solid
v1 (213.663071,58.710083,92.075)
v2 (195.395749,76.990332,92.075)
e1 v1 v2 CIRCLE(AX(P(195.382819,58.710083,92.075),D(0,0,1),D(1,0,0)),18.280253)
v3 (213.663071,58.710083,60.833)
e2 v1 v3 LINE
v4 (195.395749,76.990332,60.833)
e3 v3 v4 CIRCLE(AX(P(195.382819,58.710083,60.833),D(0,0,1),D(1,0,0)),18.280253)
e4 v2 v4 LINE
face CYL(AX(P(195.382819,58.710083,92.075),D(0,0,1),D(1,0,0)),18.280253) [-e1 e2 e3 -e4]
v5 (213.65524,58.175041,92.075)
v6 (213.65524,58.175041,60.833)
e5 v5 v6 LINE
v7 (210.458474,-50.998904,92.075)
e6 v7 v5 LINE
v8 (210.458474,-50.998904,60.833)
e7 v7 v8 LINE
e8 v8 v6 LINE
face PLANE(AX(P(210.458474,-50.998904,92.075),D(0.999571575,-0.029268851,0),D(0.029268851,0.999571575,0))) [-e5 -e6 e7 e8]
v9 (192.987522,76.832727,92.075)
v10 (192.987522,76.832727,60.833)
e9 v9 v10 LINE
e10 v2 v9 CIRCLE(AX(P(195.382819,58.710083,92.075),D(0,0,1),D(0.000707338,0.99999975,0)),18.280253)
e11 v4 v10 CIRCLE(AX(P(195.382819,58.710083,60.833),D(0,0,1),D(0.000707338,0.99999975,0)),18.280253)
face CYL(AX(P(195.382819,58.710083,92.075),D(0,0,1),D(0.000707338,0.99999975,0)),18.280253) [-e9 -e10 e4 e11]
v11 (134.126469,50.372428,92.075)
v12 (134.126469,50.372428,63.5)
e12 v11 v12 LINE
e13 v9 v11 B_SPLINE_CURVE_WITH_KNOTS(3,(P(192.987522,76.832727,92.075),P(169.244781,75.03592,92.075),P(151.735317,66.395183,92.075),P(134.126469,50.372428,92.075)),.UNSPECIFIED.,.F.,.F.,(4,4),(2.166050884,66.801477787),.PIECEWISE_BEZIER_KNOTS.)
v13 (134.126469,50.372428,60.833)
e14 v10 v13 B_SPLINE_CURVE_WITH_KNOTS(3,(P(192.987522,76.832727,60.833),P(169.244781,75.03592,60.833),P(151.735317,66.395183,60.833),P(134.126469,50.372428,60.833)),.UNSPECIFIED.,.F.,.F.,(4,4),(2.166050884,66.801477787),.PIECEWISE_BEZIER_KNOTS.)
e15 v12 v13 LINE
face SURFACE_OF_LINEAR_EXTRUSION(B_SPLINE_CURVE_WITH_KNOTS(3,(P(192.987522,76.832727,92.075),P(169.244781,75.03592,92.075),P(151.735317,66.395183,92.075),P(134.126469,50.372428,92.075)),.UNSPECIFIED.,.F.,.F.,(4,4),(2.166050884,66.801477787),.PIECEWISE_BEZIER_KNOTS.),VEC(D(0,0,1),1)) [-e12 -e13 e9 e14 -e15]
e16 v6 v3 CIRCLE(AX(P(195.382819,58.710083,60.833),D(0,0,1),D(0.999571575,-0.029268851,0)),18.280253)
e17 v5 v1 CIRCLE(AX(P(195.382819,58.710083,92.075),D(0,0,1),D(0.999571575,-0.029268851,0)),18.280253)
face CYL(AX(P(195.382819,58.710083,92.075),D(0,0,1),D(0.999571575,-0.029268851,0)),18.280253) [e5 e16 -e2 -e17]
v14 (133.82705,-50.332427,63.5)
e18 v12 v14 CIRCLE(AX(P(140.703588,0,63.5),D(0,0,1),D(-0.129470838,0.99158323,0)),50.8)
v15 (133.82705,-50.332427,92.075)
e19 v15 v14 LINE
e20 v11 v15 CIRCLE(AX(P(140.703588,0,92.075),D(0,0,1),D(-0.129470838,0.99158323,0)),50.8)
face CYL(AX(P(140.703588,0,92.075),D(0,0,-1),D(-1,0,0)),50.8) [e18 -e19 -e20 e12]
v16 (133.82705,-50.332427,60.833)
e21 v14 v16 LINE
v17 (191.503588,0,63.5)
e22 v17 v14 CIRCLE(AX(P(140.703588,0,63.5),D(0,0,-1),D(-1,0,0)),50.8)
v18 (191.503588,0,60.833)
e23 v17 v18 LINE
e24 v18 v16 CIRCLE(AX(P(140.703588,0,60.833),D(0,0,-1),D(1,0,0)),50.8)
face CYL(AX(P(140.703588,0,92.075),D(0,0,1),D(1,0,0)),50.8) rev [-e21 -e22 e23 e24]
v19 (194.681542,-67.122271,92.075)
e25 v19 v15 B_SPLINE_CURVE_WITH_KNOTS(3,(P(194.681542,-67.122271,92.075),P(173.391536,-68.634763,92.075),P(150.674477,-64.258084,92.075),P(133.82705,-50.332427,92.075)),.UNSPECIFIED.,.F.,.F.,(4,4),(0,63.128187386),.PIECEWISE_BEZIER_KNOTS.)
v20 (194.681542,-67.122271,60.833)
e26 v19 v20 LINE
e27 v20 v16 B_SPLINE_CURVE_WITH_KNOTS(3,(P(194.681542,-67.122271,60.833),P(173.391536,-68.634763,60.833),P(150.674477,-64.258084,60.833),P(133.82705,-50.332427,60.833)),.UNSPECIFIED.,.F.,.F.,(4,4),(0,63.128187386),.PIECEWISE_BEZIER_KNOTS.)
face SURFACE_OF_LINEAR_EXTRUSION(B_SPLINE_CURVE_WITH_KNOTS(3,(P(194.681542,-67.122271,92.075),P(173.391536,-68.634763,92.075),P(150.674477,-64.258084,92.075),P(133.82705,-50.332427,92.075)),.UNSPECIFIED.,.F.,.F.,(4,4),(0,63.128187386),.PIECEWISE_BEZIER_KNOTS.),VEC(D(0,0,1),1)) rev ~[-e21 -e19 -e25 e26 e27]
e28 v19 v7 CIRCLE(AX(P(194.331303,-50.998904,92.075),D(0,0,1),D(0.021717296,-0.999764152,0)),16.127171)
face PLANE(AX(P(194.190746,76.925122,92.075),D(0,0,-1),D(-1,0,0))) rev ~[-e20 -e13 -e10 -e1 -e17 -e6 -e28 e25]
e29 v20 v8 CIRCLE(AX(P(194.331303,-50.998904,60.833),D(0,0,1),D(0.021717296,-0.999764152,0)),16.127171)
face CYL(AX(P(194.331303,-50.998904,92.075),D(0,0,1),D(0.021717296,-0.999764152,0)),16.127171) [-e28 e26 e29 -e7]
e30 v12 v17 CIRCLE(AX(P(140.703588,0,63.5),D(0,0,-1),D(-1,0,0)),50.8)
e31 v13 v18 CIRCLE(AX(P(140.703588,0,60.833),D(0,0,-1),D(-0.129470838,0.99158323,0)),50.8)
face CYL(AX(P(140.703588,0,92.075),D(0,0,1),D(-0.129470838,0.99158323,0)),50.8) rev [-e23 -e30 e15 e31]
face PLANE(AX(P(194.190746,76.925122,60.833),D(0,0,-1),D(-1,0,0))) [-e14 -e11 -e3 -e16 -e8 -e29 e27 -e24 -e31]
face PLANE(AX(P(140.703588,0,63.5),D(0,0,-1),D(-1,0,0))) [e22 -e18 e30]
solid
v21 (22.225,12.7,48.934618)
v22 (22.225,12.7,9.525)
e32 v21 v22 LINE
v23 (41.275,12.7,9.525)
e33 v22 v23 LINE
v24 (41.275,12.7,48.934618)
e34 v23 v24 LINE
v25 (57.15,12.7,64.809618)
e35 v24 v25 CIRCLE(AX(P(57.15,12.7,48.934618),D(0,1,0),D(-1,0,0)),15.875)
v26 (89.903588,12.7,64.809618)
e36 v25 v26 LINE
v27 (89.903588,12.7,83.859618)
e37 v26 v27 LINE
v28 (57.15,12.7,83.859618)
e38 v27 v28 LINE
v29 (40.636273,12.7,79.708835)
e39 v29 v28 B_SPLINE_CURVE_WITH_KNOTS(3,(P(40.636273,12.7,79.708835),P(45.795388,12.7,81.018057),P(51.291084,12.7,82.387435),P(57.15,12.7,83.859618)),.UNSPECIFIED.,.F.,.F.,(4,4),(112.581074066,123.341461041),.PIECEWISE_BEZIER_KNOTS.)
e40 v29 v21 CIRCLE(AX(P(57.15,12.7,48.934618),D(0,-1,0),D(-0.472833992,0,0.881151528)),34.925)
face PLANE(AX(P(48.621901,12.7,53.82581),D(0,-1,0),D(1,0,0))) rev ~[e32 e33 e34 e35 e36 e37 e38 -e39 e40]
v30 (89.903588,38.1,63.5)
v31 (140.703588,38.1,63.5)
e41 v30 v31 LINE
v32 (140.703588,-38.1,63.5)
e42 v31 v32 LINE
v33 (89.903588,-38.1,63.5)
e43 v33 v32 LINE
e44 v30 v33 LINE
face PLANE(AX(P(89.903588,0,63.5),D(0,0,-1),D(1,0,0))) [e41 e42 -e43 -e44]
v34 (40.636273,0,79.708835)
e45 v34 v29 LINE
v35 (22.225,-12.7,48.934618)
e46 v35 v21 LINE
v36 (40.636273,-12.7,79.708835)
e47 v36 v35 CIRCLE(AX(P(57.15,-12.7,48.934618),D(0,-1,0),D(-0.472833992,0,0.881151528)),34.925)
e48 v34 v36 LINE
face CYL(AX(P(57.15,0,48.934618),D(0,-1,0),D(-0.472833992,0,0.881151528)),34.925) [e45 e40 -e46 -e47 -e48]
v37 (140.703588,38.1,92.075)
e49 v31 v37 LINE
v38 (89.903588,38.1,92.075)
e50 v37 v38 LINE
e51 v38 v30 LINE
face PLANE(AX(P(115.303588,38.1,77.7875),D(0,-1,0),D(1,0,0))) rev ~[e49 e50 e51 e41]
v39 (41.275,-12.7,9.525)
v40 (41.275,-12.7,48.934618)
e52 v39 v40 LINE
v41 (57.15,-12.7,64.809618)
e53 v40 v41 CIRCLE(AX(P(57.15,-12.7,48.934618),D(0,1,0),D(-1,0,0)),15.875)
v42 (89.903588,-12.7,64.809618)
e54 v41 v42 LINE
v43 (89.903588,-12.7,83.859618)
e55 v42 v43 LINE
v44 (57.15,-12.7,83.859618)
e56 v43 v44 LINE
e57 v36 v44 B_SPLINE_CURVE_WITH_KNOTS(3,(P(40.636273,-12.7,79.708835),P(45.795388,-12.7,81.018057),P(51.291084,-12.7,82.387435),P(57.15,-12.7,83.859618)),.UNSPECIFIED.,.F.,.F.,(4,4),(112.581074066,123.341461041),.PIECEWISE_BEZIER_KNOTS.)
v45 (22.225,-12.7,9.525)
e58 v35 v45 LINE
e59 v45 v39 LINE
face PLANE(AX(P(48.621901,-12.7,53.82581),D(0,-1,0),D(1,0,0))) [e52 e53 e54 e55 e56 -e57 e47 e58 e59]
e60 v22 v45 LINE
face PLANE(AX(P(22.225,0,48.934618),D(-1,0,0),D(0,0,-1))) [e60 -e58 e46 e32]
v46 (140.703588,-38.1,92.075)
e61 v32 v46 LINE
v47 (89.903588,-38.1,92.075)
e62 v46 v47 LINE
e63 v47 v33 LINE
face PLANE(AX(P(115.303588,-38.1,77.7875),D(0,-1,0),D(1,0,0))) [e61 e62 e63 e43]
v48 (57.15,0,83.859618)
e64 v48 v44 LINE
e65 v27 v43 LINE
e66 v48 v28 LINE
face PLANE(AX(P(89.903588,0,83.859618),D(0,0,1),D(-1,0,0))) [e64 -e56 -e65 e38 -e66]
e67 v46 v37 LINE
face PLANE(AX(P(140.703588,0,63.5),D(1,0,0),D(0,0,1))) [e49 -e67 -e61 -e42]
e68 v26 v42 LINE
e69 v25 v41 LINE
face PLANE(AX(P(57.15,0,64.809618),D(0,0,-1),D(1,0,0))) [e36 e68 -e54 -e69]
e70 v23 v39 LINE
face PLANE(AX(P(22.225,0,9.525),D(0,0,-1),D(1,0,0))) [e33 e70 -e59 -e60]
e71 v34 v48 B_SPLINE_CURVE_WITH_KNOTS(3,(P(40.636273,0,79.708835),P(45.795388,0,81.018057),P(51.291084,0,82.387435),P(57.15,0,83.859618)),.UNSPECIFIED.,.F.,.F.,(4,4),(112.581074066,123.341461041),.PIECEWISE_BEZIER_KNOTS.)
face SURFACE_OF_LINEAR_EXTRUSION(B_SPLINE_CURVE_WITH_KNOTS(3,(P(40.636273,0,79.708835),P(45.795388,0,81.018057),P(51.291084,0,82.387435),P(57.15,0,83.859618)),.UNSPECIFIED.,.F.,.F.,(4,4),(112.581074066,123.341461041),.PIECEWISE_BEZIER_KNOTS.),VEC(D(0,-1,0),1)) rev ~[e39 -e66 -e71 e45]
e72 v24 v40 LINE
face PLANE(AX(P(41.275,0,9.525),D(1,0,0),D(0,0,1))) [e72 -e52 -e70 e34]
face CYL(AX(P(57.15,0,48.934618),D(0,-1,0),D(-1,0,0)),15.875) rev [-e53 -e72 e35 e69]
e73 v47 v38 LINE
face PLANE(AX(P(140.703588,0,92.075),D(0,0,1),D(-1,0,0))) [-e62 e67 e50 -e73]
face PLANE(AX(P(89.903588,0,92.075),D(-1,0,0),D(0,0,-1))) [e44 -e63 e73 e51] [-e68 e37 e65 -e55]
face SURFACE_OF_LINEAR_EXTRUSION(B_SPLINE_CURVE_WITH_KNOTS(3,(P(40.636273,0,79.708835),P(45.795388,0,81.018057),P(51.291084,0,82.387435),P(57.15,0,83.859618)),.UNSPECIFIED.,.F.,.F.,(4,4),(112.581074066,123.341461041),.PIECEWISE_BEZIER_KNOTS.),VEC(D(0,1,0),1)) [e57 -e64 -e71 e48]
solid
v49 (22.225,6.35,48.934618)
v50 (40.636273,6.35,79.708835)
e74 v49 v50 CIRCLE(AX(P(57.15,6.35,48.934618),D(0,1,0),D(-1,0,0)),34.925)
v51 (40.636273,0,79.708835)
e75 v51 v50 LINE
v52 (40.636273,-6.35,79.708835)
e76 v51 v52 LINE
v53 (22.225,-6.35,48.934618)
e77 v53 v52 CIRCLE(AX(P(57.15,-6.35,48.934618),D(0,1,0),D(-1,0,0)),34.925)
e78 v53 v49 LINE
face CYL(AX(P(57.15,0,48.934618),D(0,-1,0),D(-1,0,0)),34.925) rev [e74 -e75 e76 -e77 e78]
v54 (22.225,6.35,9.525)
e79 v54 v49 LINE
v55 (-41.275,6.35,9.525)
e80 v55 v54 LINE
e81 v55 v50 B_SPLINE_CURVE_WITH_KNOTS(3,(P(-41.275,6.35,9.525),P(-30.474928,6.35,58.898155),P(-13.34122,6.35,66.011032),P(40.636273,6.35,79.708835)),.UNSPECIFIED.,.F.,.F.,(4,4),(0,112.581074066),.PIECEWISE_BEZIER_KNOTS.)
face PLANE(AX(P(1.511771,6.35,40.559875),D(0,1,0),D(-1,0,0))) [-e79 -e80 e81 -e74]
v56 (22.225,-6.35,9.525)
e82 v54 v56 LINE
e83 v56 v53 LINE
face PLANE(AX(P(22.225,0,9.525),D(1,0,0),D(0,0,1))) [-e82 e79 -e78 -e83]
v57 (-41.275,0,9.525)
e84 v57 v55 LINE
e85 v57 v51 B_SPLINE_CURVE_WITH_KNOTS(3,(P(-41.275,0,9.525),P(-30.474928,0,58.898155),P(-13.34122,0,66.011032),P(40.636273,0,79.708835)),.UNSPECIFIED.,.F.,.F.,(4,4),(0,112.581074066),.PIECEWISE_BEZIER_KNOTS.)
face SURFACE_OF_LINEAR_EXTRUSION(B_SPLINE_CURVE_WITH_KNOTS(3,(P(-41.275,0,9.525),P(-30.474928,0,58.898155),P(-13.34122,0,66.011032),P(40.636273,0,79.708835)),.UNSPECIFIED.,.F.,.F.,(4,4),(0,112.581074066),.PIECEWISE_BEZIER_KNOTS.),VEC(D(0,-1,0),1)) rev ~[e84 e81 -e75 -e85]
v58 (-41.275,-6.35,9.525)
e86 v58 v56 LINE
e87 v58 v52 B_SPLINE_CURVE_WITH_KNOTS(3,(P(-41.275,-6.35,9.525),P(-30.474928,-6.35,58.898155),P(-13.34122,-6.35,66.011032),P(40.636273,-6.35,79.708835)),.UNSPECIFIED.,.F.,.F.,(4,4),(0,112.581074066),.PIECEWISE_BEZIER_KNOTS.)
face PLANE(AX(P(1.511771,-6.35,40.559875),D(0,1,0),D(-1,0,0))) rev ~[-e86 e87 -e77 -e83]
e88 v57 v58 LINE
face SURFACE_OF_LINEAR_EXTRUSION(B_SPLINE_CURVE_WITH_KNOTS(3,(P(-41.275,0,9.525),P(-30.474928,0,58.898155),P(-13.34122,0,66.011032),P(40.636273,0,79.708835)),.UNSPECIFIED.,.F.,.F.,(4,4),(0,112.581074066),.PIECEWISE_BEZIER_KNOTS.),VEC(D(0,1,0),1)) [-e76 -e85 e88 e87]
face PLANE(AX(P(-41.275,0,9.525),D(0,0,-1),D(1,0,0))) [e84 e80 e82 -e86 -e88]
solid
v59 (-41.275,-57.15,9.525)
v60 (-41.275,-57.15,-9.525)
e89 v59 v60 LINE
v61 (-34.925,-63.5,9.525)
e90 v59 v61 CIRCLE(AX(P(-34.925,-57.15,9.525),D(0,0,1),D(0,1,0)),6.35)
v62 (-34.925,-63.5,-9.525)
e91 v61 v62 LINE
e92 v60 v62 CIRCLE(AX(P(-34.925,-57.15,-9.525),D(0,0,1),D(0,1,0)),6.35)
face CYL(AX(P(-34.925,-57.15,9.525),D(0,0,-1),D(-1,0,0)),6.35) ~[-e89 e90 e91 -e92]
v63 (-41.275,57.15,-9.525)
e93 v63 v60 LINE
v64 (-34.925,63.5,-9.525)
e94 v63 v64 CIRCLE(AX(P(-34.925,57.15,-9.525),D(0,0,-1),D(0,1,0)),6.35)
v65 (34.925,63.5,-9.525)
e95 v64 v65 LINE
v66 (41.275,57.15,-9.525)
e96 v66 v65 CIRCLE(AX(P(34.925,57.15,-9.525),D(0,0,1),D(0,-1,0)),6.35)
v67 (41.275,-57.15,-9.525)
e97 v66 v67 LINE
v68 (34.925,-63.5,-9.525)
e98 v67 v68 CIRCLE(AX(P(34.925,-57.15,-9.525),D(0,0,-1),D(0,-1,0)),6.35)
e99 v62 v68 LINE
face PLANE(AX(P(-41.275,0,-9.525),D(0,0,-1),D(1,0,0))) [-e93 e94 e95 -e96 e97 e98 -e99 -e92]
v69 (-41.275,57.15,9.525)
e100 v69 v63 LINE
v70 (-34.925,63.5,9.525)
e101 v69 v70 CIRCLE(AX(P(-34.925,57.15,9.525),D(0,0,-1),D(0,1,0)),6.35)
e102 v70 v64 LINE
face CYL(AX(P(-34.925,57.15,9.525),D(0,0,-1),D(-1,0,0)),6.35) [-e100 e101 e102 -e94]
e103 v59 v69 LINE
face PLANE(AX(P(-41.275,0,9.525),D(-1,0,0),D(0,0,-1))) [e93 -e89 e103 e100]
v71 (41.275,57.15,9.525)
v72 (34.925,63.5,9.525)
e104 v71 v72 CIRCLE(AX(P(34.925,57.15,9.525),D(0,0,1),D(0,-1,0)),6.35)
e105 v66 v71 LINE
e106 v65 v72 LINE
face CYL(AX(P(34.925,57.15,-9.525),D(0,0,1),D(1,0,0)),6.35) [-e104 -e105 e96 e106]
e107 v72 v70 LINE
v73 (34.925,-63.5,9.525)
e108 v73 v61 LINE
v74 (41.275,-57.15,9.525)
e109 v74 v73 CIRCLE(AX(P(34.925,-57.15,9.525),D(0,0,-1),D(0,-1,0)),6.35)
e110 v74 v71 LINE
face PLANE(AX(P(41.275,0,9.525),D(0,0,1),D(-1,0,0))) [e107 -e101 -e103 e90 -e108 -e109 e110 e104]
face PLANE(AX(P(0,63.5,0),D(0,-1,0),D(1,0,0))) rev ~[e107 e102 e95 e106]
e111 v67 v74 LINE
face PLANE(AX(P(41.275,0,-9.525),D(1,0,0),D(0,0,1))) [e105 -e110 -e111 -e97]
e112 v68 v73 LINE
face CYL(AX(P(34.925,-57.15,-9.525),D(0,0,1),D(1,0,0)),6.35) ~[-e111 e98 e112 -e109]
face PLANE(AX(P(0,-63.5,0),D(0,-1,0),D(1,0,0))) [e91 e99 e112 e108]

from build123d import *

# Parameters (mm, degrees)
F1_DEPTH = 63.5
F2_DEPTH = 12.7
F3_DEPTH = 38.1
F4_DEPTH = 6.35
F7_DEPTH = 31.242
F8_R     = 6.35


with BuildPart() as f1:
    # F0 (on Front) → F1 (new body, symmetric)
    with BuildSketch(Plane.XZ):
        Polygon((22.225, 9.525), (-41.275, 9.525), (-41.275, -9.525), (41.275, -9.525), (41.275, 9.525), align=None)
    extrude(amount=F1_DEPTH, both=True)

    # F8
    f8_edges = [f1.edges().sort_by_distance(p)[0] for p in [
        (-41.275, -63.5, 0),
        (-41.275, 63.5, 0),
        (41.275, 63.5, 0),
        (41.275, -63.5, 0),
    ]]
    fillet(f8_edges, radius=F8_R)


with BuildPart() as f2:
    # F0 (on Front) → F2 (new body, symmetric)
    with BuildSketch(Plane.XZ):
        with BuildLine():
            Line((22.225, 48.9346176877), (22.225, 9.525))
            Line((22.225, 9.525), (41.275, 9.525))
            Line((41.275, 9.525), (41.275, 48.9346176877))
            ThreePointArc((41.275, 48.9346176877), (45.9246798487, 60.159937839), (57.15, 64.8096176877))
            Line((57.15, 64.8096176877), (89.9035876796, 64.8096176877))
            Line((89.9035876796, 64.8096176877), (89.9035876796, 83.8596176877))
            Line((89.9035876796, 83.8596176877), (57.15, 83.8596176877))
            add(Edge.make_bspline(
                [(40.6362728198, 79.708834812), (45.7953878663, 81.0180571724), (51.2910836418, 82.3874351117), (57.15, 83.8596176877)],
                knots=[112.5810740655, 112.5810740655, 112.5810740655, 112.5810740655, 123.3414610412, 123.3414610412, 123.3414610412, 123.3414610412], degree=3))
            ThreePointArc((40.6362728198, 79.708834812), (27.1792013222, 66.8652298249), (22.225, 48.9346176877))
        make_face()
    extrude(amount=F2_DEPTH, both=True)

    # F0 (on Front) → F3 (join, symmetric)
    with BuildSketch(Plane.XZ):
        Polygon((89.9035876796, 92.075), (89.9035876796, 83.8596176877), (89.9035876796, 64.8096176877), (89.9035876796, 63.5), (140.7035876796, 63.5), (140.7035876796, 92.075), align=None)
    extrude(amount=F3_DEPTH, both=True)


with BuildPart() as f4:
    # F0 (on Front) → F4 (new body, symmetric)
    with BuildSketch(Plane.XZ):
        with BuildLine():
            add(Edge.make_bspline(
                [(-41.275, 9.525), (-30.4749280826, 58.8981551906), (-13.3412202281, 66.0110319487), (40.6362728198, 79.708834812)],
                knots=[0, 0, 0, 0, 112.5810740655, 112.5810740655, 112.5810740655, 112.5810740655], degree=3))
            Line((-41.275, 9.525), (22.225, 9.525))
            Line((22.225, 9.525), (22.225, 48.9346176877))
            ThreePointArc((22.225, 48.9346176877), (27.1792013222, 66.8652298249), (40.6362728198, 79.708834812))
        make_face()
    extrude(amount=F4_DEPTH, both=True)


with BuildPart() as f5:
    # F0 (on Front) → F5 (revolve)
    with BuildSketch(Plane.XZ):
        Polygon((89.9035876796, 92.075), (89.9035876796, 83.8596176877), (89.9035876796, 64.8096176877), (89.9035876796, 63.5), (140.7035876796, 63.5), (140.7035876796, 92.075), align=None)
    revolve(axis=Axis((140.7035876796, 0, 77.7875), (0, 0, -1)))

    # F6 (on face) → F7 (join)
    with BuildSketch(Plane.XY.offset(92.075)):
        with BuildLine():
            add(Edge.make_bspline(
                [(195.3957488993, 76.9903316021), (194.5858476043, 76.9454691333), (193.7831848728, 76.8929408928), (192.9875223741, 76.8327266294)],
                knots=[0, 0, 0, 0, 2.1660508841, 2.1660508841, 2.1660508841, 2.1660508841], degree=3))
            ThreePointArc((195.3957488993, 76.9903316021), (194.1890319004, 76.951314578), (192.9875223741, 76.8327266294))
        make_face()
        with BuildLine():
            Line((210.4584741588, -50.998903811), (213.6552396794, 58.1750413675))
            ThreePointArc((213.6552396794, 58.1750413675), (183.1334072241, 45.141016919), (192.9875223741, 76.8327266294))
            add(Edge.make_bspline(
                [(192.9875223741, 76.8327266294), (169.2447813082, 75.0359199858), (151.7353170053, 66.3951826409), (134.1264691023, 50.3724280854)],
                knots=[2.1660508841, 2.1660508841, 2.1660508841, 2.1660508841, 66.8014777865, 66.8014777865, 66.8014777865, 66.8014777865], degree=3))
            ThreePointArc((134.1264691023, 50.3724280854), (174.2186766417, 38.175631126), (191.5035876796, 0))
            ThreePointArc((191.5035876796, 0), (174.1050238816, -38.2751101846), (133.8270498984, -50.332427203))
            add(Edge.make_bspline(
                [(194.6815417818, -67.1222711654), (173.3915358782, -68.63476336), (150.6744772196, -64.2580837011), (133.8270498984, -50.332427203)],
                knots=[0, 0, 0, 0, 63.1281873862, 63.1281873862, 63.1281873862, 63.1281873862], degree=3))
            ThreePointArc((194.6815417818, -67.1222711654), (182.8045083954, -39.7197796199), (210.4584741588, -50.998903811))
        make_face()
        with BuildLine():
            ThreePointArc((213.6552396794, 58.1750413675), (213.661113357, 58.4425337087), (213.6630713893, 58.7100833654))
            ThreePointArc((213.6630713893, 58.7100833654), (208.3134800534, 71.6316017219), (195.3957488993, 76.9903316021))
            add(Edge.make_bspline(
                [(195.3957488993, 76.9903316021), (194.5858476043, 76.9454691333), (193.7831848728, 76.8929408928), (192.9875223741, 76.8327266294)],
                knots=[0, 0, 0, 0, 2.1660508841, 2.1660508841, 2.1660508841, 2.1660508841], degree=3))
            ThreePointArc((192.9875223741, 76.8327266294), (183.1334072241, 45.141016919), (213.6552396794, 58.1750413675))
        make_face()
        with BuildLine():
            ThreePointArc((194.6815417818, -67.1222711654), (205.8580980823, -62.2780280021), (210.4584741588, -50.998903811))
            ThreePointArc((210.4584741588, -50.998903811), (182.8045083954, -39.7197796199), (194.6815417818, -67.1222711654))
        make_face()
    extrude(amount=-F7_DEPTH)


solid = Compound([f1.part, f2.part, f4.part, f5.part])
